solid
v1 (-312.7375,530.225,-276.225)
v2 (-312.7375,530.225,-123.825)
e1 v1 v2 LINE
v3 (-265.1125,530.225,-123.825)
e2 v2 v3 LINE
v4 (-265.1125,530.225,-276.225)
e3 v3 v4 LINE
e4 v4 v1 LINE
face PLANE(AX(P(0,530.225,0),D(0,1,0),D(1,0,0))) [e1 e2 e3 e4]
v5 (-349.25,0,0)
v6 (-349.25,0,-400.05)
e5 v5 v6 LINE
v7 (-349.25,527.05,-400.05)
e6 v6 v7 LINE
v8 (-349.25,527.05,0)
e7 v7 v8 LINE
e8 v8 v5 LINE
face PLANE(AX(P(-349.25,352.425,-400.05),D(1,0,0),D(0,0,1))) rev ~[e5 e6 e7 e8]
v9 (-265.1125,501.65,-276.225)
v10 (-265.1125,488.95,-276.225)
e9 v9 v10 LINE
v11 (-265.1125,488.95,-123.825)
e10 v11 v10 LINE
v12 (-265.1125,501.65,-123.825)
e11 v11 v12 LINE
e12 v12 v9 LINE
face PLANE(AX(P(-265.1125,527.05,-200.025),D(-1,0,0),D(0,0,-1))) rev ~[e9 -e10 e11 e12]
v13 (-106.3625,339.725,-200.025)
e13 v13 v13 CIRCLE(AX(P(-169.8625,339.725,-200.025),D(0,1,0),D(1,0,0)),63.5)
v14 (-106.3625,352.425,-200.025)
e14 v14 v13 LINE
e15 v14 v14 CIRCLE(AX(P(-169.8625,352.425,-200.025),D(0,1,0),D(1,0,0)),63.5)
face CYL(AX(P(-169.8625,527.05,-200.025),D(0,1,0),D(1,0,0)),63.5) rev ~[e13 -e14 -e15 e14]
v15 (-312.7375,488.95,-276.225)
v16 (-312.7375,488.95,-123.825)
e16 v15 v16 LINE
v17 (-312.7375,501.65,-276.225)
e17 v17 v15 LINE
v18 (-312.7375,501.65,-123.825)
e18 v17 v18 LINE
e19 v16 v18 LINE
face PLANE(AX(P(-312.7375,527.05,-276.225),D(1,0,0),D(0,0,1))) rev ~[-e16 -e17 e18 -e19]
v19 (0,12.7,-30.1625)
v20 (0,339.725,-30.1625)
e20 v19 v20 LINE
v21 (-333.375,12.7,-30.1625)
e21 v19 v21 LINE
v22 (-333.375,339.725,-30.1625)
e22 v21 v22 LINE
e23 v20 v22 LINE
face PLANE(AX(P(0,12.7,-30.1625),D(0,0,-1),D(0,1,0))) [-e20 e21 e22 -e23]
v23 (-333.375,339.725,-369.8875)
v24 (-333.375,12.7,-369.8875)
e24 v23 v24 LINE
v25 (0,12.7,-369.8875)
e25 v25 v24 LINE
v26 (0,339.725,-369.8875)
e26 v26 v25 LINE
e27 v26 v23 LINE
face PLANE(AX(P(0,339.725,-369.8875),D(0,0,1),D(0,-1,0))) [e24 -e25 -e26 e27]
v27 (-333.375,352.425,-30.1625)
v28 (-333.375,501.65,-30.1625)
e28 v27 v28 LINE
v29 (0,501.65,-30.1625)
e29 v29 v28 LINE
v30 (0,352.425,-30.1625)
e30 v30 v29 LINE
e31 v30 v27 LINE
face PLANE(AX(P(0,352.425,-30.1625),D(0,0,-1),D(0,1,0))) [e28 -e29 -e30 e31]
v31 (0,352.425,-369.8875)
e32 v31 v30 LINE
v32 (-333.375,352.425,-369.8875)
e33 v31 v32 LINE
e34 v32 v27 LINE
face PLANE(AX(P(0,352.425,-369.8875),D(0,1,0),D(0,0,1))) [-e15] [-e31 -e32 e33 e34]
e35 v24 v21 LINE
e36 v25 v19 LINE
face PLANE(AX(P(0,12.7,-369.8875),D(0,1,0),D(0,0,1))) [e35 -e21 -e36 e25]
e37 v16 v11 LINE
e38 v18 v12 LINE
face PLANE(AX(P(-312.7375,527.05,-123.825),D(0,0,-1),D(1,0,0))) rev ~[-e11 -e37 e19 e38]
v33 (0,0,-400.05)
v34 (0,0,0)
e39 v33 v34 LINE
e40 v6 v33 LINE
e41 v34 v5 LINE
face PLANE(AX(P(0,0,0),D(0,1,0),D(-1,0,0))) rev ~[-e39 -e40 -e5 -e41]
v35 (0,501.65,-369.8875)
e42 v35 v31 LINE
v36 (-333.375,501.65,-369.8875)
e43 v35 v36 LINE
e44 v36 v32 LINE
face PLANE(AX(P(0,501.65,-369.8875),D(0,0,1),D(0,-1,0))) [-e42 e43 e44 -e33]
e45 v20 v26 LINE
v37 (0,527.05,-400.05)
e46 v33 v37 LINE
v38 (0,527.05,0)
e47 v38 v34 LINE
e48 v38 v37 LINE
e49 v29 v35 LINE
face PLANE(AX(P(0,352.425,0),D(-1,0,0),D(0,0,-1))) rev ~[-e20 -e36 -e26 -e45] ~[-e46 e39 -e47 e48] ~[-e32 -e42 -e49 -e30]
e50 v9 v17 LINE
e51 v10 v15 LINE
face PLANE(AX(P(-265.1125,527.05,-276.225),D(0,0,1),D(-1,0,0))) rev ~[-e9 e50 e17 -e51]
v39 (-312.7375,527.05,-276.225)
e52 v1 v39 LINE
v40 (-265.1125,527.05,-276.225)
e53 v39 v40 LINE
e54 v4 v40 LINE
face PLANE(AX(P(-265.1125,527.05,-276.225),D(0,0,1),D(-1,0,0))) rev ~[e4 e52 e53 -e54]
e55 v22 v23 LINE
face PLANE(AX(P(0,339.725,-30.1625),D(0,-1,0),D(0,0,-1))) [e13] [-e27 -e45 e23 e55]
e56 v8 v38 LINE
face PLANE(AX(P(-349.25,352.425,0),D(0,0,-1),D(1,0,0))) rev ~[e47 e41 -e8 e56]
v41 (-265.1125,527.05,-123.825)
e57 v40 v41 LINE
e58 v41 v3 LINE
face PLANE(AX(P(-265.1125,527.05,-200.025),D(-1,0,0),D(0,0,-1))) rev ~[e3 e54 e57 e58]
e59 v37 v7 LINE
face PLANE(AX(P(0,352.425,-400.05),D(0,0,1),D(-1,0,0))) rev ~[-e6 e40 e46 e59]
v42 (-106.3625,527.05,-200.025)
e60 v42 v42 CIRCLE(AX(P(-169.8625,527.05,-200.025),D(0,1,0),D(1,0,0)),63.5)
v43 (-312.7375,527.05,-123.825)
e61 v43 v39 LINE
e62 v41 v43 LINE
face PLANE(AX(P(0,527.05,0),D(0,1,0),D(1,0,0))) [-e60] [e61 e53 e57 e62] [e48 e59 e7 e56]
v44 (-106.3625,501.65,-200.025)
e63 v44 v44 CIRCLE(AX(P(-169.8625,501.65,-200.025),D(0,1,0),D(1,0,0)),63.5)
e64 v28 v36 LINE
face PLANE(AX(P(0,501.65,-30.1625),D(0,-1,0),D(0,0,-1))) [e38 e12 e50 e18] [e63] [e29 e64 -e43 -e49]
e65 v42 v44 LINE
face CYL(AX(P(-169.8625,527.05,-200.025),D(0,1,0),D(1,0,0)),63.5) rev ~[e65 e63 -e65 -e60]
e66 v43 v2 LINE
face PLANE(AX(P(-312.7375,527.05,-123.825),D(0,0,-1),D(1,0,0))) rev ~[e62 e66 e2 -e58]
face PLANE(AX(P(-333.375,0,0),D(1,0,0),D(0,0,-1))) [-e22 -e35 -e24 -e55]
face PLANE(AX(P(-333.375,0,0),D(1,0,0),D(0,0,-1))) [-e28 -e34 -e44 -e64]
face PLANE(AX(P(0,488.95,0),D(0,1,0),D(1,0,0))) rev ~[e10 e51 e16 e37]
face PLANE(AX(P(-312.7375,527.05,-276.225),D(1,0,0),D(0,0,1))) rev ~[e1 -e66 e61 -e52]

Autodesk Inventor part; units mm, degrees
ref_plane "YZ Plane" through (0, 0, 0) normal (1, 0, 0) x (0, 1, 0)
ref_plane "XZ Plane" through (0, 0, 0) normal (0, 1, 0) x (-1, 0, 0)
ref_plane "XY Plane" through (0, 0, 0) normal (0, 0, 1) x (1, 0, 0)
sketch "Sketch1" plane through (0, 0, 0) normal (0, 1, 0) x (-1, 0, 0)
  line L0 (0, 0) -> (349.25, 0)
  line L1 (349.25, 0) -> (349.25, -400.05)
  line L2 (349.25, -400.05) -> (0, -400.05)
  line L3 (0, -400.05) -> (0, 0)
  dimension "d0" = 400.05
  dimension "d1" = 349.25
extrude "Extrusion1" add sketch "Sketch1" along normal blind 352.425
sketch "Sketch2" plane through (0, 0, 0) normal (1, 0, 0) x (0, 0, -1)
  line L0 (30.1625, 339.725) -> (369.8875, 339.725)
  line L1 (369.8875, 339.725) -> (369.8875, 12.7)
  line L2 (369.8875, 12.7) -> (30.1625, 12.7)
  line L3 (30.1625, 12.7) -> (30.1625, 339.725)
  line L4 (0, 0) -> (400.05, 0) projected
  line L5 (0, 352.425) -> (400.05, 352.425) projected
  line L6 (0, 0) -> (0, 352.425) projected
  line L7 (400.05, 0) -> (400.05, 352.425) projected
  dimension "d4" = 12.7
  dimension "d5" = 12.7
  dimension "d6" = 339.725
  dimension "d7" = 30.1625
  dimension "d8" = 30.1625
extrude "Extrusion2" cut sketch "Sketch2" against normal blind 333.375 contours L0 L1 L2 L3
sketch "Sketch3" plane through (0, 352.425, 0) normal (0, 1, 0) x (1, 0, 0)
  line L0 (0, 400.05) -> (-349.25, 400.05) projected
  line L1 (-349.25, 400.05) -> (-349.25, 0) projected
  line L2 (-349.25, 0) -> (0, 0) projected
  line L3 (0, 0) -> (0, 400.05) projected
extrude "Extrusion3" add sketch "Sketch3" along normal blind 174.625
sketch "Sketch4" plane through (0, 0, 0) normal (1, 0, 0) x (0, 0, -1)
  line L0 (369.8875, 339.725) -> (369.8875, 12.7) projected
  line L1 (369.8875, 12.7) -> (30.1625, 12.7) projected
  line L2 (30.1625, 12.7) -> (30.1625, 339.725) projected
  line L3 (30.1625, 339.725) -> (369.8875, 339.725) projected
  line L4 (0, 0) -> (400.05, 0) projected
  line L5 (400.05, 0) -> (400.05, 527.05) projected
  line L6 (0, 527.05) -> (400.05, 527.05) projected
  line L7 (0, 0) -> (0, 527.05) projected
  line L8 (30.1625, 501.65) -> (369.8875, 501.65)
  line L9 (369.8875, 501.65) -> (369.8875, 352.425)
  line L10 (369.8875, 352.425) -> (30.1625, 352.425)
  line L11 (30.1625, 352.425) -> (30.1625, 501.65)
  point P0 (200.025, 501.65)
  dimension "d13" = 12.7
  dimension "d14" = 25.4
extrude "Extrusion4" cut sketch "Sketch4" against normal blind 333.375 contours L8 L9 L10 L11
sketch "Sketch5" plane through (0, 527.05, 0) normal (0, 1, 0) x (1, 0, 0)
  line L0 (-349.25, 400.05) -> (-349.25, 0) projected
  line L1 (-349.25, 0) -> (0, 0) projected
  line L2 (0, 0) -> (0, 400.05) projected
  line L3 (0, 400.05) -> (-349.25, 400.05) projected
  circle A0 centre (-169.8625, 200.025) radius 63.5
  line L4 (-106.3625, 200.025) -> (0, 200.025) construction
  dimension "d17" = 127
  dimension "d20" = 106.3625
extrude "Extrusion5" cut sketch "Sketch5" against normal blind 193.675 contours A0
sketch "Sketch6" plane through (0, 527.05, 0) normal (0, 1, 0) x (1, 0, 0)
  line L0 (-312.7375, 123.825) -> (-265.1125, 123.825)
  line L1 (-265.1125, 123.825) -> (-265.1125, 276.225)
  line L2 (-265.1125, 276.225) -> (-312.7375, 276.225)
  line L3 (-312.7375, 276.225) -> (-312.7375, 123.825)
  line L4 (-349.25, 400.05) -> (-349.25, 0) projected
  line L5 (-349.25, 0) -> (0, 0) projected
  line L6 (0, 400.05) -> (-349.25, 400.05) projected
  line L7 (0, 0) -> (0, 400.05) projected
  circle A0 centre (-169.8625, 200.025) radius 63.5 projected
  line L8 (-233.3625, 200.025) -> (-265.1125, 200.025)
  dimension "d23" = 152.4
  dimension "d24" = 47.625
  dimension "d26" = 123.825
  dimension "d27" = 123.825
  dimension "d32" = 265.1125
extrude "Extrusion6" add sketch "Sketch6" along normal blind 3.175 and the other way blind 38.1 contours L3 L2 L1 L0
properties part number "Table"
